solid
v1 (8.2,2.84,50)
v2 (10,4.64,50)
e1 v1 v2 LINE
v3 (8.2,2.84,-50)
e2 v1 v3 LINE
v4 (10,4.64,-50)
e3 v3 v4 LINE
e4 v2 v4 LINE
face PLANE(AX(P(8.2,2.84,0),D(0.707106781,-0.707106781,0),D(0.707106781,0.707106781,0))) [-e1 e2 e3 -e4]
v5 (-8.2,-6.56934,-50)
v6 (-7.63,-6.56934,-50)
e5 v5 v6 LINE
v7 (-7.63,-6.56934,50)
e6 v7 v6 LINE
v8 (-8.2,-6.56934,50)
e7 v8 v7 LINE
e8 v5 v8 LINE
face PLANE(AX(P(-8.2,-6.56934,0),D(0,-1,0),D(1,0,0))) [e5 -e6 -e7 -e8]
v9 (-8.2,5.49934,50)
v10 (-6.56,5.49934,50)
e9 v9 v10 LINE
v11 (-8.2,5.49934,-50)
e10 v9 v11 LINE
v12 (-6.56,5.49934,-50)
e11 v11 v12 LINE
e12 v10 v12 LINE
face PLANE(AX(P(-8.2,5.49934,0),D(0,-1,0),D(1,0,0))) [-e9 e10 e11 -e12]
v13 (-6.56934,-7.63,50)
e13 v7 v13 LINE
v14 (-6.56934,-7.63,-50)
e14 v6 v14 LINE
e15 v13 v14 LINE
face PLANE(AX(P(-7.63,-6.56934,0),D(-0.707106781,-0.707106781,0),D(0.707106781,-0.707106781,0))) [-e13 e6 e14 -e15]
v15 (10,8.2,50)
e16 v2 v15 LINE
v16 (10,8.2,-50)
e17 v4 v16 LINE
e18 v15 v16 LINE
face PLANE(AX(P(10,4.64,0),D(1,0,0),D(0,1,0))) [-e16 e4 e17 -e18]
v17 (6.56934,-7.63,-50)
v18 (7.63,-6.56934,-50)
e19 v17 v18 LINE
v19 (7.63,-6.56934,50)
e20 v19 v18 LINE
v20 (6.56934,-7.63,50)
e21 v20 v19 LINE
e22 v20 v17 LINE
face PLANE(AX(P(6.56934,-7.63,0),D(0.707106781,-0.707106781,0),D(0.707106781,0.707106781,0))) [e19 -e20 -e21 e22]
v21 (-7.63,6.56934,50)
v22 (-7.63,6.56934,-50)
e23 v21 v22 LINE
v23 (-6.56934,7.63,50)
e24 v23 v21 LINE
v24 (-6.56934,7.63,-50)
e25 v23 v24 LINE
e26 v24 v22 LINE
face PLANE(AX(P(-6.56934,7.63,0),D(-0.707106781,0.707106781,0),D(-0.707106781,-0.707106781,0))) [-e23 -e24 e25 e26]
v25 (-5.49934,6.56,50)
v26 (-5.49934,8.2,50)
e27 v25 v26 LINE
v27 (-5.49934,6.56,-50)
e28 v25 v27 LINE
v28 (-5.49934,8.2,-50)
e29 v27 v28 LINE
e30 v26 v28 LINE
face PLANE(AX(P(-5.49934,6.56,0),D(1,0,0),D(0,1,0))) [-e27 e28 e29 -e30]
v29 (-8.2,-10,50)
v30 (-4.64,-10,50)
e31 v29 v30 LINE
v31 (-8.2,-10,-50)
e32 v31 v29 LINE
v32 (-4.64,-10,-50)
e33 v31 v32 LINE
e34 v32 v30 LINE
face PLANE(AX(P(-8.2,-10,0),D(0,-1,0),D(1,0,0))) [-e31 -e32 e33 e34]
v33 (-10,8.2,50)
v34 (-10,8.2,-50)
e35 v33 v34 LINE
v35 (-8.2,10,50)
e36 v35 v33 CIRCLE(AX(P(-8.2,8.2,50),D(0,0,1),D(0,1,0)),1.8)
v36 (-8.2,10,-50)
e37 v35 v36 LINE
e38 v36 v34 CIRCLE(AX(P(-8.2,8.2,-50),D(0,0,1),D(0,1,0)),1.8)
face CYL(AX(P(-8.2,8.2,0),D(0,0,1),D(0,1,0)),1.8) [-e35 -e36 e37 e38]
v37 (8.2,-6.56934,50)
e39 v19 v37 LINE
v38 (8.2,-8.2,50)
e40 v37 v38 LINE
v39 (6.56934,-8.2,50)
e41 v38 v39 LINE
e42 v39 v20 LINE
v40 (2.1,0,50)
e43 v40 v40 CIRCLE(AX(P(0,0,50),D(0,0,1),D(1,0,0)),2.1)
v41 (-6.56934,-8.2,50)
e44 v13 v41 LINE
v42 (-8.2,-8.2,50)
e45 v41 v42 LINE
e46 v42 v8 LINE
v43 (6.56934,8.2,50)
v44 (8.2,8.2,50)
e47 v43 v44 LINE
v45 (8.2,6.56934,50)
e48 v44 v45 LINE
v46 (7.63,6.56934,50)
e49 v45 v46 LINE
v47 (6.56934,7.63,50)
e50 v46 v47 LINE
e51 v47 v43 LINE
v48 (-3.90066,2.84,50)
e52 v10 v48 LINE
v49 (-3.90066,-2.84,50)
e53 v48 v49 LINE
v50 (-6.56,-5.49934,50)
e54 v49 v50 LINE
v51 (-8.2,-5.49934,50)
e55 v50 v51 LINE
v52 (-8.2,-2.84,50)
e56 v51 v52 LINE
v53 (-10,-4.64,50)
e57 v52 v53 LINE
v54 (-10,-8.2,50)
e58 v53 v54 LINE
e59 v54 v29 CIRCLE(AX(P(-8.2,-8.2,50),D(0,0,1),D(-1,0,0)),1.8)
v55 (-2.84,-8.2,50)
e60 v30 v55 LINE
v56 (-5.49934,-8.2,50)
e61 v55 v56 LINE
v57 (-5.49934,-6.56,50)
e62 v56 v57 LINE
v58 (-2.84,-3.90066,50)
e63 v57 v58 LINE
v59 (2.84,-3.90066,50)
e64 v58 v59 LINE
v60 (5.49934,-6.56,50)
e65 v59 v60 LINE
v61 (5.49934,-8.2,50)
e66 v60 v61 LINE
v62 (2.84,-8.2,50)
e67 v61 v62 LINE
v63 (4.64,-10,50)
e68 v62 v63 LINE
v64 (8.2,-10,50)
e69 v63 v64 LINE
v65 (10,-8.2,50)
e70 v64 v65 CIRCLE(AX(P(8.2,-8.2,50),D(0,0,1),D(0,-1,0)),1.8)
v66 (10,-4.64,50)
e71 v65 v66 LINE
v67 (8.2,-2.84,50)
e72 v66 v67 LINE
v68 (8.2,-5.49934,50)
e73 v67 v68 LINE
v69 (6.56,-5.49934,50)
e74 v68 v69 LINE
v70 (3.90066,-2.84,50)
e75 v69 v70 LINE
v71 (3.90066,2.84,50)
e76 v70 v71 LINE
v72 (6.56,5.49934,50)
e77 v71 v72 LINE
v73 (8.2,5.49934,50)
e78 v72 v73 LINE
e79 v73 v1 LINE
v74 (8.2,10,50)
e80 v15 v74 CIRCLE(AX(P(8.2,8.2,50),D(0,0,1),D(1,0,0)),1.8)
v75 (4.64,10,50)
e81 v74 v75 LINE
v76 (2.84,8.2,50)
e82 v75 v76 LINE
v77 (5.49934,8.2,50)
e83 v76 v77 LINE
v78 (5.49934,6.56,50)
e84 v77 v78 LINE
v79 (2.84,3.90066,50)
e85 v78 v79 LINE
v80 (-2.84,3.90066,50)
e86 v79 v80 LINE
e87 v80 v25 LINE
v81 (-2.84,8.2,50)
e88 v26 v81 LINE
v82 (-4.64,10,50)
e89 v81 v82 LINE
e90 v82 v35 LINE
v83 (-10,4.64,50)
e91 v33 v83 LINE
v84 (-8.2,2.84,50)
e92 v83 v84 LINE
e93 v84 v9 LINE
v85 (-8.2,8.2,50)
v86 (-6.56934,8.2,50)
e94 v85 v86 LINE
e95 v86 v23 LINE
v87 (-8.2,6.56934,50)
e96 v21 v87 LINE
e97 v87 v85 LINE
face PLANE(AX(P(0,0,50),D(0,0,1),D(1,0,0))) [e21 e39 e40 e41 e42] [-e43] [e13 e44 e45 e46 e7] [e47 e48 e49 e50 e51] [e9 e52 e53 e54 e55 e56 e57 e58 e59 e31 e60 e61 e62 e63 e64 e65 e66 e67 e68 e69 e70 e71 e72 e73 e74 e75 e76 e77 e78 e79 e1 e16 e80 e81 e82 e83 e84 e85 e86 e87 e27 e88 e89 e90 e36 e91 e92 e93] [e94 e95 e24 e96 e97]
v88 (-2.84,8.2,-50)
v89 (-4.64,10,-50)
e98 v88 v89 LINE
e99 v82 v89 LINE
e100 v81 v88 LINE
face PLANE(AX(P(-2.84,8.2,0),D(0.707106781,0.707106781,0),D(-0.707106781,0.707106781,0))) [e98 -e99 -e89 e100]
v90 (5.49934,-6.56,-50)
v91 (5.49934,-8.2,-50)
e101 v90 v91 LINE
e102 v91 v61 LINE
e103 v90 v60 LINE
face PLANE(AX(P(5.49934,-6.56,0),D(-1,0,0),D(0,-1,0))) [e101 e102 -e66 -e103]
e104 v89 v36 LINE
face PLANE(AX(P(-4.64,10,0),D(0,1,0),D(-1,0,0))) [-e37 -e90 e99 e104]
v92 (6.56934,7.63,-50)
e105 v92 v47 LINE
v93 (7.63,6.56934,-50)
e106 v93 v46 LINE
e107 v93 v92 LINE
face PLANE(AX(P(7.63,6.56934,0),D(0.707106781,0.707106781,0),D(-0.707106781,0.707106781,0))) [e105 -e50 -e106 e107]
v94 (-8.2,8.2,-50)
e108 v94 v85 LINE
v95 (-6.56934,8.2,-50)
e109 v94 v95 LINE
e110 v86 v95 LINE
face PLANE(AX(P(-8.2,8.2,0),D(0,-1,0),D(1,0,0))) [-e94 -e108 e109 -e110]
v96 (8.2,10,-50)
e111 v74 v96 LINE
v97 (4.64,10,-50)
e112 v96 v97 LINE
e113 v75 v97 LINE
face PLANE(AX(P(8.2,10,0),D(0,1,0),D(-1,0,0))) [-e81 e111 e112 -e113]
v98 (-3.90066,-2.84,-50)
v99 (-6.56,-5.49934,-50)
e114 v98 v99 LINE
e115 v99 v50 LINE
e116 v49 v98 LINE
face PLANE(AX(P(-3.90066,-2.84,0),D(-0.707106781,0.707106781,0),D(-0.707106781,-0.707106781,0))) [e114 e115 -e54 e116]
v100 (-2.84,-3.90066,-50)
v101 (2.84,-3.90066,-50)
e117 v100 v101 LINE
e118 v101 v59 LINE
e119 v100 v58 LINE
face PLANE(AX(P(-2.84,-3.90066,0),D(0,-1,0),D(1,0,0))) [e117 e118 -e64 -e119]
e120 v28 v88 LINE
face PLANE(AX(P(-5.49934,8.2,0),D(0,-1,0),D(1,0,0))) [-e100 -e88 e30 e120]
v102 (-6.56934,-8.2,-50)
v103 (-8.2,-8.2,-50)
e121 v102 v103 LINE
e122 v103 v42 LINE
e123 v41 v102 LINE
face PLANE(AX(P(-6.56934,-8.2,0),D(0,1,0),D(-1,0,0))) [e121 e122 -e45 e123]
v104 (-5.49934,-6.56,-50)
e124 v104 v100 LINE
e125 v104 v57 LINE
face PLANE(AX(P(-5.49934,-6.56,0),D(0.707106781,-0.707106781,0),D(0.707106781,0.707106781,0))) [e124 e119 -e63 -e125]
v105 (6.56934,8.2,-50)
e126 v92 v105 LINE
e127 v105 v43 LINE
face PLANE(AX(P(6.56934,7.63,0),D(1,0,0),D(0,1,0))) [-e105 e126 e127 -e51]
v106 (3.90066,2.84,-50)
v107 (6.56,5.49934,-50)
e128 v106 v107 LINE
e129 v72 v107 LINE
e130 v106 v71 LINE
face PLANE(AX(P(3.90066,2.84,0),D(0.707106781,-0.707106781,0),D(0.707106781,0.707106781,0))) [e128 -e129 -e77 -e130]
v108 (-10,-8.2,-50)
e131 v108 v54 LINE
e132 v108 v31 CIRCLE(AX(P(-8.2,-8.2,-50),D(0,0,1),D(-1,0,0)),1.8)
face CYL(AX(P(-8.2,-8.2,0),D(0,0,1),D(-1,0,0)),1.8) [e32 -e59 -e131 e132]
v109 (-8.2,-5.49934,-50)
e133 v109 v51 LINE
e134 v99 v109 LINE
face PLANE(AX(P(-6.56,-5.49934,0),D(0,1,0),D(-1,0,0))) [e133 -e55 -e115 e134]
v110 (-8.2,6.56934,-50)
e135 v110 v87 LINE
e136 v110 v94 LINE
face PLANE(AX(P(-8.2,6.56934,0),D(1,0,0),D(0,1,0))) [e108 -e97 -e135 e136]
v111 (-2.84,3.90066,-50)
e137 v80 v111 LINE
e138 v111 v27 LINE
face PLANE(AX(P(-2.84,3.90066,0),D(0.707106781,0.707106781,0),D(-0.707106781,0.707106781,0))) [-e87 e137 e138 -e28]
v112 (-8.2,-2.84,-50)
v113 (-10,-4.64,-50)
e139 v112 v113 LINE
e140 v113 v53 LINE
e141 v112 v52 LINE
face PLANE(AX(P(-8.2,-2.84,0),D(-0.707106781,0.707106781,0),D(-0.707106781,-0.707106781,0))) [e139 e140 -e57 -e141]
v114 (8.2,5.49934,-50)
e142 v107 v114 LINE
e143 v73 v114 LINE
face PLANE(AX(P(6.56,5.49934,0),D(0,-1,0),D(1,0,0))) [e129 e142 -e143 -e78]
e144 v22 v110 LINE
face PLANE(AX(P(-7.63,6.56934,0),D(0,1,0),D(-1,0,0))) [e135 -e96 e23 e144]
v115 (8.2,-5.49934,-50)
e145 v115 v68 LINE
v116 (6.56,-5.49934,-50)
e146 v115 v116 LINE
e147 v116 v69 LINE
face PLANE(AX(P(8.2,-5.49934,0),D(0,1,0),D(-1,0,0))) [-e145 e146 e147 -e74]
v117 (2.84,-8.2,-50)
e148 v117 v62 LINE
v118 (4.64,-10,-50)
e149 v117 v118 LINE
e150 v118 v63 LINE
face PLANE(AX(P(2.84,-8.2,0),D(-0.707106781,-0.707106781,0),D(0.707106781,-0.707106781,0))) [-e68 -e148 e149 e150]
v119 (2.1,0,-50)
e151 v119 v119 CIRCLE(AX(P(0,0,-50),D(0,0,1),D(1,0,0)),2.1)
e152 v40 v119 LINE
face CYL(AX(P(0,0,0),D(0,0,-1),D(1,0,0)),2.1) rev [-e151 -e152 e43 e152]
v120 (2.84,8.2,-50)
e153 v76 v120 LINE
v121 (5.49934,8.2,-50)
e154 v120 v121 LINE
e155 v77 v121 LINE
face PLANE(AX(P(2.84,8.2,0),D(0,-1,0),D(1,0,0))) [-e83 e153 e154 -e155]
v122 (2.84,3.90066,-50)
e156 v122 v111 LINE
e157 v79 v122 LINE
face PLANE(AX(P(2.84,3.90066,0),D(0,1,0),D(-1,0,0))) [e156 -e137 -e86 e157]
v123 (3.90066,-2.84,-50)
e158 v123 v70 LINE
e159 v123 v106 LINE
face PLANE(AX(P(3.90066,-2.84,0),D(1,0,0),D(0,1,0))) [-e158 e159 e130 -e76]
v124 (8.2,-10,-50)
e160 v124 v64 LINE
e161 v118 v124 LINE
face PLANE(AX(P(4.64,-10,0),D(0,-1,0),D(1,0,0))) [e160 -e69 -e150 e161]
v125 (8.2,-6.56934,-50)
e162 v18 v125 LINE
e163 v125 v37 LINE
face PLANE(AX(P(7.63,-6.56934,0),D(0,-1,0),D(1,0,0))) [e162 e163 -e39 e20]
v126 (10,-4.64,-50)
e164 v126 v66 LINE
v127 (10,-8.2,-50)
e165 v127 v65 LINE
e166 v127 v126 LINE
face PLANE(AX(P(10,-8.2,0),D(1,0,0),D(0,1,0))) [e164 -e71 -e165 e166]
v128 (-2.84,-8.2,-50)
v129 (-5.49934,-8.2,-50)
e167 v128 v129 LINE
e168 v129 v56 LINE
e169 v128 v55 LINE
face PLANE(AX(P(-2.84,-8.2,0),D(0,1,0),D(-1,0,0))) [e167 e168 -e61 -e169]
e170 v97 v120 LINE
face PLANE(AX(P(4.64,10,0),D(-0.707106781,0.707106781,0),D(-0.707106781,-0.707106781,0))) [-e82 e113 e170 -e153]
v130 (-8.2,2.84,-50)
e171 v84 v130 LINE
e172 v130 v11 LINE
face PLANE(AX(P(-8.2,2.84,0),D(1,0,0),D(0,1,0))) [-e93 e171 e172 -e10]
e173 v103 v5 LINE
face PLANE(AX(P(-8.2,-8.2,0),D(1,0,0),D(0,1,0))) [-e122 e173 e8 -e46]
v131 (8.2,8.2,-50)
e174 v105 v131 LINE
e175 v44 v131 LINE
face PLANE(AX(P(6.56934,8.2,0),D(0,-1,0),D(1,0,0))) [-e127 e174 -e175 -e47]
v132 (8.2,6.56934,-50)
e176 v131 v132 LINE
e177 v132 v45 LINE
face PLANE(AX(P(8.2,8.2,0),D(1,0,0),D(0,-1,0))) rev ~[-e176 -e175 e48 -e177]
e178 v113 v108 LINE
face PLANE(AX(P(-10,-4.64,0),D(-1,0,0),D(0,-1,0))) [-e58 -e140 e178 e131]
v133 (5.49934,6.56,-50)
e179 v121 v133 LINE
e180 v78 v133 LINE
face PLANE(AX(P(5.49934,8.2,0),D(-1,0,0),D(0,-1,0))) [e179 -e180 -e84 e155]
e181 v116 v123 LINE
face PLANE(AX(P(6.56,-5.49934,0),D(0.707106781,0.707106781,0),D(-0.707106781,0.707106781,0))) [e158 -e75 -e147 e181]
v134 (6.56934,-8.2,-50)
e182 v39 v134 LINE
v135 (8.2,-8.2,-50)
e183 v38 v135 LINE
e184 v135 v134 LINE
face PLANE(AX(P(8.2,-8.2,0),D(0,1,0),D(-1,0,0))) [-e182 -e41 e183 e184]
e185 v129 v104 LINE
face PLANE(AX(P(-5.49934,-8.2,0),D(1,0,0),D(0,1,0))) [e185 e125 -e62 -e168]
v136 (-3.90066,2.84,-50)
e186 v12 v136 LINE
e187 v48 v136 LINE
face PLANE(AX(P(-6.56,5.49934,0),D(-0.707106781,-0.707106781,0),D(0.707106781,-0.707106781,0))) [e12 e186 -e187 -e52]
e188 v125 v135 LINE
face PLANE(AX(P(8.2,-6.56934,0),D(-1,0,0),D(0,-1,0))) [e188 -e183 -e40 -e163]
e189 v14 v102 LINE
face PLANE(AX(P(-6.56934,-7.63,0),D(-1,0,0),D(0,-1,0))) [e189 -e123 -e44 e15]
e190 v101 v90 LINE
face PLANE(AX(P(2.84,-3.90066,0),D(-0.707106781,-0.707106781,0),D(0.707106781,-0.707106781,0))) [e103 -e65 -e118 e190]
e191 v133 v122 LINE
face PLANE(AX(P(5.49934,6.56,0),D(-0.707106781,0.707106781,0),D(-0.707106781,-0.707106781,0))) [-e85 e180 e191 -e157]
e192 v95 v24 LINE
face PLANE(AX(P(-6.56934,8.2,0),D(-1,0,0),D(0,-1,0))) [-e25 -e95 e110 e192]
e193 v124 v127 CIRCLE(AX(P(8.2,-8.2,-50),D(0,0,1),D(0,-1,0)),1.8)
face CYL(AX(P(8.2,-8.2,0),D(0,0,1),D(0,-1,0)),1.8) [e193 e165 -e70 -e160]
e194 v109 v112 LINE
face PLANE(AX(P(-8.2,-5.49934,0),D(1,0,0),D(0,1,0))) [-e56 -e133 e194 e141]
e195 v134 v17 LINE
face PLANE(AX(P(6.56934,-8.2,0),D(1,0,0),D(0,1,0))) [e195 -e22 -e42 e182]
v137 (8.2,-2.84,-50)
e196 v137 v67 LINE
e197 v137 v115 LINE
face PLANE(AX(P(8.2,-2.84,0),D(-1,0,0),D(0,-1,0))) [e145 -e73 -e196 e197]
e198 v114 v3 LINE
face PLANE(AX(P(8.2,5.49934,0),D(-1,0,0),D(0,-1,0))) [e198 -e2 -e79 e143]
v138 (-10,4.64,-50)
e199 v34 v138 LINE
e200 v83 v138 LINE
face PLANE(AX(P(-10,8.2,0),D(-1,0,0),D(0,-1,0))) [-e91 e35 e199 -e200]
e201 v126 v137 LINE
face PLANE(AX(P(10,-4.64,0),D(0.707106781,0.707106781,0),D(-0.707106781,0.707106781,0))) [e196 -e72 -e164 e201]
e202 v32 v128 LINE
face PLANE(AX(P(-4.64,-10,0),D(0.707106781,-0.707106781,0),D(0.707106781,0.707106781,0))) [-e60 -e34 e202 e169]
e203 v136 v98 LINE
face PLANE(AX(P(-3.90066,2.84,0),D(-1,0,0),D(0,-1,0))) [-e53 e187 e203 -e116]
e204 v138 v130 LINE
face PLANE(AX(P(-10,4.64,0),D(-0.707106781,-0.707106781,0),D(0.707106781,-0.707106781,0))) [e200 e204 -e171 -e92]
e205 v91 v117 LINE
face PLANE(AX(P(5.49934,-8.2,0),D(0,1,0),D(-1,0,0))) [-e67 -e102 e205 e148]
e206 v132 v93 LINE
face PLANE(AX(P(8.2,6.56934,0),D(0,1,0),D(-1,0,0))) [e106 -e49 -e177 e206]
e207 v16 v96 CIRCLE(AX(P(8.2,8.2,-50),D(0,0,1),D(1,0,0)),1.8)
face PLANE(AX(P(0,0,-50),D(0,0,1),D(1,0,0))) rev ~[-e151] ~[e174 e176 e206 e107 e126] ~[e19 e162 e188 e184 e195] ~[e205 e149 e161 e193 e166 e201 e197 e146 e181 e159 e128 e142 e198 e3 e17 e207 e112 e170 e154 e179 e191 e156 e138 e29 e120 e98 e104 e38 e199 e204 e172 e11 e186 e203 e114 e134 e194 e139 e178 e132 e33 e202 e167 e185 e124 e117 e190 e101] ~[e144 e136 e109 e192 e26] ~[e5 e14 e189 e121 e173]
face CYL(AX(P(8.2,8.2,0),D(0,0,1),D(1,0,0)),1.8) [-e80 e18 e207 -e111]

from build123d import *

# Parameters (mm, degrees)
ESQUISSE1_R        = 2.1
BOSS_EXTRU_2_DEPTH = 50


with BuildPart() as part:
    # Esquisse1 → Boss.-Extru.2 (new, symmetric)
    with BuildSketch(Plane.XY):
        with BuildLine():
            Line((-3.900660172, 0), (-3.900660172, -2.84))
            Line((-3.900660172, -2.84), (-6.56, -5.499339828))
            Line((-6.56, -5.499339828), (-8.2, -5.499339828))
            Line((-8.2, -5.499339828), (-8.2, -2.84))
            Line((-8.2, -2.84), (-10, -4.64))
            Line((-10, -4.64), (-10, -8.2))
            ThreePointArc((-10, -8.2), (-9.472792206, -9.472792206), (-8.2, -10))
            Line((-8.2, -10), (-4.64, -10))
            Line((-4.64, -10), (-2.84, -8.2))
            Line((-2.84, -8.2), (-5.499339828, -8.2))
            Line((-5.499339828, -8.2), (-5.499339828, -6.56))
            Line((-5.499339828, -6.56), (-2.84, -3.900660172))
            Line((-2.84, -3.900660172), (0, -3.900660172))
            Line((0, -3.900660172), (2.84, -3.900660172))
            Line((2.84, -3.900660172), (5.499339828, -6.56))
            Line((5.499339828, -6.56), (5.499339828, -8.2))
            Line((5.499339828, -8.2), (2.84, -8.2))
            Line((2.84, -8.2), (4.64, -10))
            Line((4.64, -10), (8.2, -10))
            ThreePointArc((8.2, -10), (9.472792206, -9.472792206), (10, -8.2))
            Line((10, -8.2), (10, -4.64))
            Line((10, -4.64), (8.2, -2.84))
            Line((8.2, -2.84), (8.2, -5.499339828))
            Line((8.2, -5.499339828), (6.56, -5.499339828))
            Line((6.56, -5.499339828), (3.900660172, -2.84))
            Line((3.900660172, -2.84), (3.900660172, 0))
            Line((3.900660172, 0), (3.900660172, 2.84))
            Line((3.900660172, 2.84), (6.56, 5.499339828))
            Line((6.56, 5.499339828), (8.2, 5.499339828))
            Line((8.2, 5.499339828), (8.2, 2.84))
            Line((8.2, 2.84), (10, 4.64))
            Line((10, 4.64), (10, 8.2))
            ThreePointArc((10, 8.2), (9.472792206, 9.472792206), (8.2, 10))
            Line((8.2, 10), (4.64, 10))
            Line((4.64, 10), (2.84, 8.2))
            Line((2.84, 8.2), (5.499339828, 8.2))
            Line((5.499339828, 8.2), (5.499339828, 6.56))
            Line((5.499339828, 6.56), (2.84, 3.900660172))
            Line((2.84, 3.900660172), (0, 3.900660172))
            Line((0, 3.900660172), (-2.84, 3.900660172))
            Line((-2.84, 3.900660172), (-5.499339828, 6.56))
            Line((-5.499339828, 6.56), (-5.499339828, 8.2))
            Line((-5.499339828, 8.2), (-2.84, 8.2))
            Line((-2.84, 8.2), (-4.64, 10))
            Line((-4.64, 10), (-8.2, 10))
            ThreePointArc((-8.2, 10), (-9.472792206, 9.472792206), (-10, 8.2))
            Line((-10, 8.2), (-10, 4.64))
            Line((-10, 4.64), (-8.2, 2.84))
            Line((-8.2, 2.84), (-8.2, 5.499339828))
            Line((-8.2, 5.499339828), (-6.56, 5.499339828))
            Line((-6.56, 5.499339828), (-3.900660172, 2.84))
            Line((-3.900660172, 2.84), (-3.900660172, 0))
        make_face()
        Circle(ESQUISSE1_R, mode=Mode.SUBTRACT)
        Polygon((-8.2, -8.2), (-8.2, -6.569339828), (-7.63, -6.569339828), (-6.569339828, -7.63), (-6.569339828, -8.2), align=None, mode=Mode.SUBTRACT)
        Polygon((-8.2, 6.569339828), (-8.2, 8.2), (-6.569339828, 8.2), (-6.569339828, 7.63), (-7.63, 6.569339828), align=None, mode=Mode.SUBTRACT)
        Polygon((6.569339828, 8.2), (8.2, 8.2), (8.2, 6.569339828), (7.63, 6.569339828), (6.569339828, 7.63), align=None, mode=Mode.SUBTRACT)
        Polygon((8.2, -6.569339828), (8.2, -8.2), (6.569339828, -8.2), (6.569339828, -7.63), (7.63, -6.569339828), align=None, mode=Mode.SUBTRACT)
    extrude(amount=BOSS_EXTRU_2_DEPTH, both=True)


solid = part.part
